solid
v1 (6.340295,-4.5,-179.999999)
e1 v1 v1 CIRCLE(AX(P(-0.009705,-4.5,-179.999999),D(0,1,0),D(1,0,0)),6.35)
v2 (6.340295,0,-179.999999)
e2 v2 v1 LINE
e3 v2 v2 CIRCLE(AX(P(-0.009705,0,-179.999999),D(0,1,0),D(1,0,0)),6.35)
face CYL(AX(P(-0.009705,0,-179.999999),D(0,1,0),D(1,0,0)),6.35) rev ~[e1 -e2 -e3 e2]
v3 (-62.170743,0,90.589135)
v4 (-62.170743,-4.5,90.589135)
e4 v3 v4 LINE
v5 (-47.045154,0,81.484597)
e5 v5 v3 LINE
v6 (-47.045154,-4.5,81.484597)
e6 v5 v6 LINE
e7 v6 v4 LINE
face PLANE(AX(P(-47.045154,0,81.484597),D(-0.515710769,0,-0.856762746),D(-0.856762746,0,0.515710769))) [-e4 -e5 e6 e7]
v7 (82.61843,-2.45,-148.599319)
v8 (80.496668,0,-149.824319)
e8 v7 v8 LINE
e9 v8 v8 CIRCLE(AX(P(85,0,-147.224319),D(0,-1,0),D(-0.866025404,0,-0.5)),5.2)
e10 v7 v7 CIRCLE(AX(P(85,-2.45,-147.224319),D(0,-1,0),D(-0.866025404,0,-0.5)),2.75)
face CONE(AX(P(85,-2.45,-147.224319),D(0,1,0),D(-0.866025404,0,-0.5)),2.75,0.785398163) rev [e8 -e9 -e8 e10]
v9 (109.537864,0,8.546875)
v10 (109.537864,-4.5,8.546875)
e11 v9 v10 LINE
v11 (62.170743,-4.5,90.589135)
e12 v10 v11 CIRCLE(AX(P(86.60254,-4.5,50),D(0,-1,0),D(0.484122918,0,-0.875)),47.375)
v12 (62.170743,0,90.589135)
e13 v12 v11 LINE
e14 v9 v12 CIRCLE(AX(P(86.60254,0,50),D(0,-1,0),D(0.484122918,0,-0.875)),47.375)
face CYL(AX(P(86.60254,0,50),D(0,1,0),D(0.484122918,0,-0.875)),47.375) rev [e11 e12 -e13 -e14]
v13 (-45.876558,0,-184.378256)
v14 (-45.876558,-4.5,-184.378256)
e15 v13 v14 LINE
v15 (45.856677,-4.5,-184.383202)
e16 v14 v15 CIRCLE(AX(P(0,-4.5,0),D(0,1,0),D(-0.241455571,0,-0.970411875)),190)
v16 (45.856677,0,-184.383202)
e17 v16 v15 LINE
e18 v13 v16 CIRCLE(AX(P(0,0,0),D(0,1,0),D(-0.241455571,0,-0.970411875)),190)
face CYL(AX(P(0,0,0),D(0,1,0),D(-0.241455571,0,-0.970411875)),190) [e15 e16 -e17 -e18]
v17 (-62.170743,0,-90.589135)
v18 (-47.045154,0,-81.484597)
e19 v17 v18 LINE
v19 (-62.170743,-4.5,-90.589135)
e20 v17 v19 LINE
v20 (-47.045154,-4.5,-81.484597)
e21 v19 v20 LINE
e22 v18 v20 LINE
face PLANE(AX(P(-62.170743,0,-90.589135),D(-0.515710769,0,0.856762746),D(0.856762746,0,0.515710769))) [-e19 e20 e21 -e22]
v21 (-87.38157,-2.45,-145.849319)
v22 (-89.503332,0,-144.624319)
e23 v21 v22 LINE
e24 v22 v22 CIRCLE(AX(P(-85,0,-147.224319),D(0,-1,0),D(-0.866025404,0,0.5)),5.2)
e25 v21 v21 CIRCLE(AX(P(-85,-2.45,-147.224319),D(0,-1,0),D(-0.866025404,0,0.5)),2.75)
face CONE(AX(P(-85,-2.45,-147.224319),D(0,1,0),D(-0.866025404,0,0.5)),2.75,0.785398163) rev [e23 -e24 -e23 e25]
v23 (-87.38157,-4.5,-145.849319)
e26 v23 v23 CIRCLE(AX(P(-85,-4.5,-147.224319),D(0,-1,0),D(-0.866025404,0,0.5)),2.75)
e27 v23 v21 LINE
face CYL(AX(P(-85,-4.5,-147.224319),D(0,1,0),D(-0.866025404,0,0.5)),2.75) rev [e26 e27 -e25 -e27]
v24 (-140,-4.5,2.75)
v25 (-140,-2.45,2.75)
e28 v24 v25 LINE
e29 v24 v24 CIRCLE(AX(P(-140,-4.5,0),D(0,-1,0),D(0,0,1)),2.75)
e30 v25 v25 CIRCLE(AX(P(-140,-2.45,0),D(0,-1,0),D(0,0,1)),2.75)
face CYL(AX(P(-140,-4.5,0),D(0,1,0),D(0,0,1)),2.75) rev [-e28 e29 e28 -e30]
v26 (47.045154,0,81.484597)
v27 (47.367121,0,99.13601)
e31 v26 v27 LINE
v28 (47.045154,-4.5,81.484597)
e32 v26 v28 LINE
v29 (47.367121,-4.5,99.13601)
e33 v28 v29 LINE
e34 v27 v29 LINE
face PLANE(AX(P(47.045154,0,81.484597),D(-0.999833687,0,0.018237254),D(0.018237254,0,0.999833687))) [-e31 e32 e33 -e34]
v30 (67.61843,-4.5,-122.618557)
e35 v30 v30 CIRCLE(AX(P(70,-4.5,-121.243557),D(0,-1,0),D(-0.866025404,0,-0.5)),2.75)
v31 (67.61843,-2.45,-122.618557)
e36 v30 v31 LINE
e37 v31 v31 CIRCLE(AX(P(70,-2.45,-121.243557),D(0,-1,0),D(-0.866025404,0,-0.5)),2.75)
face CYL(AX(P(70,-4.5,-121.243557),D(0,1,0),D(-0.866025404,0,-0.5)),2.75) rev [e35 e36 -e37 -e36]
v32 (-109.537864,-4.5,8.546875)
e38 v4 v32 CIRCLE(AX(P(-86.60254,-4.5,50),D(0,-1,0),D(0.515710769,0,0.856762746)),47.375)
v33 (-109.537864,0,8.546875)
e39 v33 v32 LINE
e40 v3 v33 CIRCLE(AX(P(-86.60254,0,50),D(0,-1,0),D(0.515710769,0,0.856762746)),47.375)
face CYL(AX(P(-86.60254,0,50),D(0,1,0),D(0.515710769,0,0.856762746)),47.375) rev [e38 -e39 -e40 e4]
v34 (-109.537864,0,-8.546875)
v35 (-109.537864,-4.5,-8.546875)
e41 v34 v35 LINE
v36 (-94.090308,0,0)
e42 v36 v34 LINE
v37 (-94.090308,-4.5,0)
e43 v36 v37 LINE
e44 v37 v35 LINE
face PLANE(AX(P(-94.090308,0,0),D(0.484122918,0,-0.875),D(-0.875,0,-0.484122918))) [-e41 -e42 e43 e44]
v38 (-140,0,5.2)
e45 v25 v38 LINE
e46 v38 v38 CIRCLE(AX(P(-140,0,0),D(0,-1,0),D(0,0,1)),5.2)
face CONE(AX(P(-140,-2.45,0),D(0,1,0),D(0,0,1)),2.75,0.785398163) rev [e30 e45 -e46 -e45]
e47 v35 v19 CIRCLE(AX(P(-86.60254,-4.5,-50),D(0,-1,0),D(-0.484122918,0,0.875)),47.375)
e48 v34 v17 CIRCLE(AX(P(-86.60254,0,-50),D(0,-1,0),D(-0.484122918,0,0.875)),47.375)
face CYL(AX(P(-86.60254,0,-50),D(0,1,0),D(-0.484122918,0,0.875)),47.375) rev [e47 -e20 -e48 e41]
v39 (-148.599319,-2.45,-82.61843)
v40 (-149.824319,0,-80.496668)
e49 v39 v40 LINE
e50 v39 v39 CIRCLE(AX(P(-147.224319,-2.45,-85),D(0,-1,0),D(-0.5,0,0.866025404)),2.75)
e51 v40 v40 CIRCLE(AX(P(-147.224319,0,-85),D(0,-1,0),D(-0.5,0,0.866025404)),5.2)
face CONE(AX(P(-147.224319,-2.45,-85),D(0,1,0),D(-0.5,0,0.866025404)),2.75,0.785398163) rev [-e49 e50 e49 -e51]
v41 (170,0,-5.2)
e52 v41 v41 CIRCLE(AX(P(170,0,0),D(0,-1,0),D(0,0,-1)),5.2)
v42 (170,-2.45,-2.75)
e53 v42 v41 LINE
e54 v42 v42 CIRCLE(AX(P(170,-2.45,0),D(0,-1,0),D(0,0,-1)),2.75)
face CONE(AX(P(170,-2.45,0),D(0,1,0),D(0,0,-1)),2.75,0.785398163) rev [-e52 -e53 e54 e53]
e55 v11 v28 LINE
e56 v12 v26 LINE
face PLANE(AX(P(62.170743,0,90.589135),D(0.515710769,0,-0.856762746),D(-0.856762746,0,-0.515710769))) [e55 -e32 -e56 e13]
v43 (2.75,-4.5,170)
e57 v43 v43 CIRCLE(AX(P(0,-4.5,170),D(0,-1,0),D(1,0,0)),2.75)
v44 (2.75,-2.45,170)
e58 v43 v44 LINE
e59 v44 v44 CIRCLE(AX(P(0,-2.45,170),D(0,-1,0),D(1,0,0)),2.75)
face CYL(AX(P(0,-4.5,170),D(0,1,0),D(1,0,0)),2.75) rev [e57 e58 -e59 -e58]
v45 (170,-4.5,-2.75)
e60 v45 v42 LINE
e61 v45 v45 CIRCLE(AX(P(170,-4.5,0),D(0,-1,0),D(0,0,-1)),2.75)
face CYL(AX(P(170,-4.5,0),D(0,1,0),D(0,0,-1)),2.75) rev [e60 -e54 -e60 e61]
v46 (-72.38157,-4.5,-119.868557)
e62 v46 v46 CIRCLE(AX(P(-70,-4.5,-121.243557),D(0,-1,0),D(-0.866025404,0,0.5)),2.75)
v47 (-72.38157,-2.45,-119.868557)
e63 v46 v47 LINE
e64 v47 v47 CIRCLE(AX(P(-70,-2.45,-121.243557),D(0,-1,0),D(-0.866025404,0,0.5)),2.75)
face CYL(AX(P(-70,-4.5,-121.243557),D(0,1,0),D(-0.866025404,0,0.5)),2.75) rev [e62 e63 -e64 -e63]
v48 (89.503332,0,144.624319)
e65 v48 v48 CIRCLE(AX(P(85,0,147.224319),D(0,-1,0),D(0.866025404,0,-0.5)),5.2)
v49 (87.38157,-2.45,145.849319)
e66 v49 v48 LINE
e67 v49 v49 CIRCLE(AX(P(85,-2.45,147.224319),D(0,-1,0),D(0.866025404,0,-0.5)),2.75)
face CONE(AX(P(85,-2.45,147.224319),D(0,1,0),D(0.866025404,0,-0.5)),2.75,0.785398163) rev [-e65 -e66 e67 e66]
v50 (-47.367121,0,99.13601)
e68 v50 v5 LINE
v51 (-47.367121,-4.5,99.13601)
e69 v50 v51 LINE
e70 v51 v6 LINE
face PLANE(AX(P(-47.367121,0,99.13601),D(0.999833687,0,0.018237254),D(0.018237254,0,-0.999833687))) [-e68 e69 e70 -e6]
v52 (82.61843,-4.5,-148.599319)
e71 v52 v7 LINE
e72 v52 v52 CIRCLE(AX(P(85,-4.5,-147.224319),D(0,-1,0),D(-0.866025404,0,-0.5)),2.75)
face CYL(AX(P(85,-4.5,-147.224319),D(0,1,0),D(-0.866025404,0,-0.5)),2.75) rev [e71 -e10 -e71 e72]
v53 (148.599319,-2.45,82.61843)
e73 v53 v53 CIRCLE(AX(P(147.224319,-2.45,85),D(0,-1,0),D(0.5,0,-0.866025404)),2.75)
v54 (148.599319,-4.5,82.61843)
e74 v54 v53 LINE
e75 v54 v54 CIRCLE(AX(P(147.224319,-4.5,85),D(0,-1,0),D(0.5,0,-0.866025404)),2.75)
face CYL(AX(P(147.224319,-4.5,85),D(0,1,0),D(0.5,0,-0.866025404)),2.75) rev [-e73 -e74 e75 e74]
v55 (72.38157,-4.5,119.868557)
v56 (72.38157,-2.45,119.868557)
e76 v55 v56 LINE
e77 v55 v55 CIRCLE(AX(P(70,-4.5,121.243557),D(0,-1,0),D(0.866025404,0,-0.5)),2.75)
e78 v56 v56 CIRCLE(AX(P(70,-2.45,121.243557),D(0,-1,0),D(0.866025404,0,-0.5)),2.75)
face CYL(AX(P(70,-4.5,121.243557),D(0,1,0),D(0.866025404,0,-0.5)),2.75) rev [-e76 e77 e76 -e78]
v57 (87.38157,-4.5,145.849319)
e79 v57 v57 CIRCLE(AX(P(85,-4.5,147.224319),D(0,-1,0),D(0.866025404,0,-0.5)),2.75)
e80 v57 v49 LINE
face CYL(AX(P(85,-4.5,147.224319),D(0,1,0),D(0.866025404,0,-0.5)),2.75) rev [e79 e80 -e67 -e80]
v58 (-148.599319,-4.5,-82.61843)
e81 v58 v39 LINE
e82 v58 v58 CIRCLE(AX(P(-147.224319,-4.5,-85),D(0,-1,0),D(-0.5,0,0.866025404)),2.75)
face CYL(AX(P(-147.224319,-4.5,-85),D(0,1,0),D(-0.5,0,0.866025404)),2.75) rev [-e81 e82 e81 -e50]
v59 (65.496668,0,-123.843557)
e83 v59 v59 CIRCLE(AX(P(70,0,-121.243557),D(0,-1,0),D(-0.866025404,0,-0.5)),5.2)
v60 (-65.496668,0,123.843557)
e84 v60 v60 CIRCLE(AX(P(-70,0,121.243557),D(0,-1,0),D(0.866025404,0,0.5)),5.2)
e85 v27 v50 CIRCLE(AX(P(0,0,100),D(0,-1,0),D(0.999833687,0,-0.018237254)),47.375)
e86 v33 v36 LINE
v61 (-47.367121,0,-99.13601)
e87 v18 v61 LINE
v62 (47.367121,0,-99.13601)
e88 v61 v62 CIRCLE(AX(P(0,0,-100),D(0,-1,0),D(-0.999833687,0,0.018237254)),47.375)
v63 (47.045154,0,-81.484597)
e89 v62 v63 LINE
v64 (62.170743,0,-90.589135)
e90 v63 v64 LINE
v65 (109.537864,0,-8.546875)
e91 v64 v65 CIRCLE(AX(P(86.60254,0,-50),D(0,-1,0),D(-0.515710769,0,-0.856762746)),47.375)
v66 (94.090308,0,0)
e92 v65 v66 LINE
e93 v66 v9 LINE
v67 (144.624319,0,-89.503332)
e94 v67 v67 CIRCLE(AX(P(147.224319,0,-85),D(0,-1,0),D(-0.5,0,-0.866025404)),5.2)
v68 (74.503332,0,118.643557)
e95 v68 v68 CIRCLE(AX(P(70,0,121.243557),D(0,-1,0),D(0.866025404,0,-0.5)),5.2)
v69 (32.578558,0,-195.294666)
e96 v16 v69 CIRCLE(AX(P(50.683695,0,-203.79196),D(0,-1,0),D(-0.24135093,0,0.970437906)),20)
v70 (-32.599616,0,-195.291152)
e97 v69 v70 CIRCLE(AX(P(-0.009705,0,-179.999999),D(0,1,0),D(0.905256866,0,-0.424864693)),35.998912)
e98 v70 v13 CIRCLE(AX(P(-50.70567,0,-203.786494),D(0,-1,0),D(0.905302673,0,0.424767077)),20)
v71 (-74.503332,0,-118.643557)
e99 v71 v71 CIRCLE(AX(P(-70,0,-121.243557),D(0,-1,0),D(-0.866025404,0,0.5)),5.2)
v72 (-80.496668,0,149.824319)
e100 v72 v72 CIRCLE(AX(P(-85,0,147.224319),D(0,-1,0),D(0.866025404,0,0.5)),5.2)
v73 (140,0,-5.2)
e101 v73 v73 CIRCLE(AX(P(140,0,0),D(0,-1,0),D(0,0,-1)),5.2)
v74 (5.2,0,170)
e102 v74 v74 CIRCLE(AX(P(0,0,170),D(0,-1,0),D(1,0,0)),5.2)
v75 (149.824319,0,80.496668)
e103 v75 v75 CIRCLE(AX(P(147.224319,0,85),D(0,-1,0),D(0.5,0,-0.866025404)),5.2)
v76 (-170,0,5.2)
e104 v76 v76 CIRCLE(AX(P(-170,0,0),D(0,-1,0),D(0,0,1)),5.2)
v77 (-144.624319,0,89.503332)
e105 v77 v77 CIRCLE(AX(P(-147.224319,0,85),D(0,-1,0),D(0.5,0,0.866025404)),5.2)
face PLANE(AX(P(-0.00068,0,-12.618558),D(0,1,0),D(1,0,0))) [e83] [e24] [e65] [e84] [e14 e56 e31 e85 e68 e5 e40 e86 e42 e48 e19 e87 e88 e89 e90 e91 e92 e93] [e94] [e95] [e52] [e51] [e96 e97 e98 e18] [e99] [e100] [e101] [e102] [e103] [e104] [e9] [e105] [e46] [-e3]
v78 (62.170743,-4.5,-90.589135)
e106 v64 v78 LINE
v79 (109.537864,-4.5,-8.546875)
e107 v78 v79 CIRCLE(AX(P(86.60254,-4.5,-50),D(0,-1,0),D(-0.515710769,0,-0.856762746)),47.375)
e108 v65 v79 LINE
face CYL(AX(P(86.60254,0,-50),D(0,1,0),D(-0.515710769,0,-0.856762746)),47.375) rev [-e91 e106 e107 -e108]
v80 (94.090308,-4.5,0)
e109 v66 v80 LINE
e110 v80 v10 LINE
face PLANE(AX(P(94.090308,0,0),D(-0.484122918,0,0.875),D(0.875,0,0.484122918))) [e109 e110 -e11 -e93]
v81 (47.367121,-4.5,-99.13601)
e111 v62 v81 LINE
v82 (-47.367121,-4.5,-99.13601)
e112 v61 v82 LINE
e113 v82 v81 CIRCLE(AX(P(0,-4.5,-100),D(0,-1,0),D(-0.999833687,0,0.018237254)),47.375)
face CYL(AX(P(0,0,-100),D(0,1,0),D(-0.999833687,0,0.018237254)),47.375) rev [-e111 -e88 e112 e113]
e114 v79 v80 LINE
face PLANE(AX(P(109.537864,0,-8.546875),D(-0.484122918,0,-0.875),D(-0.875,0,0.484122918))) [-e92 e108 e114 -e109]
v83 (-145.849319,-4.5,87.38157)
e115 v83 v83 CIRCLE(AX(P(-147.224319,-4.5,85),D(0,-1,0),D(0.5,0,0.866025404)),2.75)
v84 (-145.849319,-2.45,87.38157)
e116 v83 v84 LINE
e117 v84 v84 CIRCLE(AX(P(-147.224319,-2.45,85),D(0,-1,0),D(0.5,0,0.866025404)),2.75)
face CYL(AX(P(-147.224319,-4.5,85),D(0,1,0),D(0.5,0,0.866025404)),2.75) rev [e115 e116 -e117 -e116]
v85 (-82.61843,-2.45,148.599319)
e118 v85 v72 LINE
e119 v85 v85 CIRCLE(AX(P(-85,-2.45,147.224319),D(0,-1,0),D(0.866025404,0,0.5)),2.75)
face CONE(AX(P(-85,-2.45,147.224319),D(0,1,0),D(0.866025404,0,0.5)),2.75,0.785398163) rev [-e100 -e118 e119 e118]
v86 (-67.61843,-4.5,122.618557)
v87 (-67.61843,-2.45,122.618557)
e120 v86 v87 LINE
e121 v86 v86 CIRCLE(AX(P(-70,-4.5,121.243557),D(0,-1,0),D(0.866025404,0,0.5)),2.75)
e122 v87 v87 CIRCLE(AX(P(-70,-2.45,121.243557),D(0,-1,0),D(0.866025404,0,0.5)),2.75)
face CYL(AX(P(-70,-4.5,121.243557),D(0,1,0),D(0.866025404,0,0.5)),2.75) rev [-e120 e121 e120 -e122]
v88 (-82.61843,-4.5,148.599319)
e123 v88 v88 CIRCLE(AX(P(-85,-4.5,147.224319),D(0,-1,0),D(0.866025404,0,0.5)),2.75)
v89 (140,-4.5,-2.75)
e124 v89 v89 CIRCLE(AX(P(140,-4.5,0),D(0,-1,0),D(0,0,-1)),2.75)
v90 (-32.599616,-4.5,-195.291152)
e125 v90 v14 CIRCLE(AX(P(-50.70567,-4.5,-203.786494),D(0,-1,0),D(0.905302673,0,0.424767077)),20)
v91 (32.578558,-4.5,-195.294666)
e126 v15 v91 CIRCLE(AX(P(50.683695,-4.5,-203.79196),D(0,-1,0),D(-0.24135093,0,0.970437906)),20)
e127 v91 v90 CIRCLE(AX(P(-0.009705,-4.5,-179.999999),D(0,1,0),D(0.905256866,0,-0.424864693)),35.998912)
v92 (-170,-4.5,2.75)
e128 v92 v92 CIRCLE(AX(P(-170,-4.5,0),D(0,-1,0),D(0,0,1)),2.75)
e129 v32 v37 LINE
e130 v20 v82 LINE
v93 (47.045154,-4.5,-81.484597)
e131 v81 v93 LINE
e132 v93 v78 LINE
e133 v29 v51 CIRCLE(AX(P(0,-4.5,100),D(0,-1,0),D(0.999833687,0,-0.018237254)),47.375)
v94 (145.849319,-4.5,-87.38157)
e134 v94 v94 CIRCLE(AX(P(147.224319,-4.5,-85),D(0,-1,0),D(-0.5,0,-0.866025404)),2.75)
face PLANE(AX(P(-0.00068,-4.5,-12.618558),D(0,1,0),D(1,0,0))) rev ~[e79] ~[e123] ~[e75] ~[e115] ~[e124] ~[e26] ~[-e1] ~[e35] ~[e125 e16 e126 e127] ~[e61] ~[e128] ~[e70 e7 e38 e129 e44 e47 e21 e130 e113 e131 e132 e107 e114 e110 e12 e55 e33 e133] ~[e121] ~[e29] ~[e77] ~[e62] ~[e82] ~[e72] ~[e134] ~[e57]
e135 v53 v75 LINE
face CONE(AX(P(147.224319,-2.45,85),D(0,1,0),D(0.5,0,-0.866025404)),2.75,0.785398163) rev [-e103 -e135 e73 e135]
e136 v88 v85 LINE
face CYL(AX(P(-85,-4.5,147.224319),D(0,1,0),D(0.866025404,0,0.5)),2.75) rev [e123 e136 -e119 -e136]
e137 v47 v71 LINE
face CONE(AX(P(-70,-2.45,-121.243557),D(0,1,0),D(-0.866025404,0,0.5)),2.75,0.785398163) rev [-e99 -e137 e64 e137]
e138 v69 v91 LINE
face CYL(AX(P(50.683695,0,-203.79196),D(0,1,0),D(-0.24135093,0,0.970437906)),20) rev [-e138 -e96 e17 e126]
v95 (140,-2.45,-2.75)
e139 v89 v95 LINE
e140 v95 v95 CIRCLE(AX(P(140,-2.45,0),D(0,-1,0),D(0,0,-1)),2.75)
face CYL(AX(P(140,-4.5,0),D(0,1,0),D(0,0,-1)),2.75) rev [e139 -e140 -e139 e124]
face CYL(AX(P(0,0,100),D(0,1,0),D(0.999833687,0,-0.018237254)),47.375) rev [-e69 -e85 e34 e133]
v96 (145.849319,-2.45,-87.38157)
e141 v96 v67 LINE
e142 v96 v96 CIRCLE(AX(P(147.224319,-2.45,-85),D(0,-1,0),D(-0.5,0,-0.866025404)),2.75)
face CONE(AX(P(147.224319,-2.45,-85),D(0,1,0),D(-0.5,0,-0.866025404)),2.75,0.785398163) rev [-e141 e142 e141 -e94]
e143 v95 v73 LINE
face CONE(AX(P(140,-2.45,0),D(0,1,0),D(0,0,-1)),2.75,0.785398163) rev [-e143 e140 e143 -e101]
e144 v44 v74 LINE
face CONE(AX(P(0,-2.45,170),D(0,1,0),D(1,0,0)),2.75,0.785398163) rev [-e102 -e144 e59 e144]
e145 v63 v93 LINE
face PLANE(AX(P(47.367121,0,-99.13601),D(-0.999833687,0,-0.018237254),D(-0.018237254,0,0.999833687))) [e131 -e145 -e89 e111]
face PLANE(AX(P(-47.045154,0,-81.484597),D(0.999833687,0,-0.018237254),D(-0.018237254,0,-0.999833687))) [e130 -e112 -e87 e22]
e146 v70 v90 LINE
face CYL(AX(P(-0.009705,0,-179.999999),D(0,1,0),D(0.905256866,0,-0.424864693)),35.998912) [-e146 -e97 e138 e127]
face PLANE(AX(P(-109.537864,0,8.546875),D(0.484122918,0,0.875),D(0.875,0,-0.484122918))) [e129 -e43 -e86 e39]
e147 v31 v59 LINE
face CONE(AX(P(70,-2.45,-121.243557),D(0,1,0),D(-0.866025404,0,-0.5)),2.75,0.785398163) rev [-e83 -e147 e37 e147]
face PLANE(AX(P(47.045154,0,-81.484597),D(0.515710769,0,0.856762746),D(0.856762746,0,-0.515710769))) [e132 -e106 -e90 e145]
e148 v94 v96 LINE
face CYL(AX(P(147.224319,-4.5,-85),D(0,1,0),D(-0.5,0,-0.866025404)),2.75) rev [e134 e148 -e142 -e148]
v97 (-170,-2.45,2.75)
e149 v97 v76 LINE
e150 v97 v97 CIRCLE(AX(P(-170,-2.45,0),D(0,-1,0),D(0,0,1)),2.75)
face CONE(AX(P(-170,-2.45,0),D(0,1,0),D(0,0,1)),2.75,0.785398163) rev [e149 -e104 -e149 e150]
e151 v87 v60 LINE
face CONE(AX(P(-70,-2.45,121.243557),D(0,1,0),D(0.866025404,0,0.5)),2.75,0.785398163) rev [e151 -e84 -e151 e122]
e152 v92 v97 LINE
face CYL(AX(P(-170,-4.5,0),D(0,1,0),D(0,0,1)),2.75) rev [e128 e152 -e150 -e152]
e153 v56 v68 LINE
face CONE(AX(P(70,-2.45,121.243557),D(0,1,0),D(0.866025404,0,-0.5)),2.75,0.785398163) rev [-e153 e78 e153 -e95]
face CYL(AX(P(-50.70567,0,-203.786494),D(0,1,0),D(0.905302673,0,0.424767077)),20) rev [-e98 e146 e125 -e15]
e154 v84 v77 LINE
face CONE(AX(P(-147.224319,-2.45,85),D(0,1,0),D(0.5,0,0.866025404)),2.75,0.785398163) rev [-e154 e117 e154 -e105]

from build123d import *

# Parameters (mm, degrees)
BOSS_EXTRUDE3_DEPTH = 4.5
CIRPATTERN1_COUNT   = 12
CIRPATTERN2_COUNT   = 6
SKETCH11_R          = 6.35
CUT_EXTRUDE1_DEPTH  = 10


with BuildPart() as part:
    # Sketch5 → Boss-Extrude3 (new body)
    with BuildSketch(Plane(origin=(0, 0, 0), x_dir=(1, 0, 0), z_dir=(0, 1, 0))):
        with BuildLine():
            ThreePointArc((-45.876558414, 184.378256278), (0.010243817, -189.999999724), (45.856676704, 184.383202059))
            ThreePointArc((45.856676704, 184.383202059), (37.985823171, 188.339968607), (32.578557994, 195.294666309))
            ThreePointArc((32.578557994, 195.294666309), (-0.011645544, 215.998911827), (-32.599616361, 195.291152239))
            ThreePointArc((-32.599616361, 195.291152239), (-38.006131584, 188.335871514), (-45.876558414, 184.378256278))
        make_face()
        with BuildLine():
            Line((-47.367120943, -99.136010081), (-47.045154091, -81.484597135))
            Line((-47.045154091, -81.484597135), (-62.170742689, -90.589135081))
            ThreePointArc((-62.170742689, -90.589135081), (-127.630493883, -73.6875), (-109.537863632, -8.546875))
            Line((-109.537863632, -8.546875), (-94.090308181, 0))
            Line((-94.090308181, 0), (-109.537863632, 8.546875))
            ThreePointArc((-109.537863632, 8.546875), (-127.630493883, 73.6875), (-62.170742689, 90.589135081))
            Line((-62.170742689, 90.589135081), (-47.045154091, 81.484597135))
            Line((-47.045154091, 81.484597135), (-47.367120943, 99.136010081))
            ThreePointArc((-47.367120943, 99.136010081), (0, 147.375), (47.367120943, 99.136010081))
            Line((47.367120943, 99.136010081), (47.045154091, 81.484597135))
            Line((47.045154091, 81.484597135), (62.170742689, 90.589135081))
            ThreePointArc((62.170742689, 90.589135081), (127.630493883, 73.6875), (109.537863632, 8.546875))
            Line((109.537863632, 8.546875), (94.090308181, 0))
            Line((94.090308181, 0), (109.537863632, -8.546875))
            ThreePointArc((109.537863632, -8.546875), (127.630493883, -73.6875), (62.170742689, -90.589135081))
            Line((62.170742689, -90.589135081), (47.045154091, -81.484597135))
            Line((47.045154091, -81.484597135), (47.367120943, -99.136010081))
            ThreePointArc((47.367120943, -99.136010081), (0, -147.375), (-47.367120943, -99.136010081))
        make_face(mode=Mode.SUBTRACT)
    extrude(amount=-BOSS_EXTRUDE3_DEPTH)

    # Sketch7 → CSK for M5 Flat Head Machine Screw1 (revolve, cut)
    with BuildSketch(Plane(origin=(-170, 0, 0), x_dir=(0, 0, 1), z_dir=(1, 0, 0))):
        Polygon((0, 0), (0, 4.5), (2.75, 4.5), (2.75, 2.45), (5.2, 0), align=None)
    csk_for_m5_flat_head_machine_screw1 = revolve(axis=Axis((-170, 6.35, 0), (0, -1, 0)), mode=Mode.SUBTRACT)

    # CirPattern1: CSK for M5 Flat Head Machine Screw1 ×12 about axis, 1 skipped
    cirpattern1_axis = Axis((0, 0, 0), (0, 1, 0))
    add([csk_for_m5_flat_head_machine_screw1.rotate(cirpattern1_axis, i * 360 / CIRPATTERN1_COUNT) for i in range(1, CIRPATTERN1_COUNT) if i not in (9,)], mode=Mode.SUBTRACT)

    # Sketch9 → CSK for M5 Flat Head Machine Screw2 (revolve, cut)
    with BuildSketch(Plane(origin=(-140, 0, 0), x_dir=(0, 0, 1), z_dir=(1, 0, 0))):
        Polygon((0, 0), (0, 4.5), (2.75, 4.5), (2.75, 2.45), (5.2, 0), align=None)
    csk_for_m5_flat_head_machine_screw2 = revolve(axis=Axis((-140, 6.35, 0), (0, -1, 0)), mode=Mode.SUBTRACT)

    # CirPattern2: CSK for M5 Flat Head Machine Screw2 ×6 about axis
    cirpattern2_axis = Axis((0, 0, 0), (0, 1, 0))
    for i in range(1, CIRPATTERN2_COUNT):
        add(csk_for_m5_flat_head_machine_screw2.rotate(cirpattern2_axis, i * 360 / CIRPATTERN2_COUNT), mode=Mode.SUBTRACT)

    # Sketch11 → Cut-Extrude1 (cut)
    with BuildSketch(Plane(origin=(0, 0, 0), x_dir=(1, 0, 0), z_dir=(0, 1, 0))):
        with Locations((-0.009704669, 179.999999411)):
            Circle(SKETCH11_R)
    extrude(amount=-CUT_EXTRUDE1_DEPTH, mode=Mode.SUBTRACT)


solid = part.part
